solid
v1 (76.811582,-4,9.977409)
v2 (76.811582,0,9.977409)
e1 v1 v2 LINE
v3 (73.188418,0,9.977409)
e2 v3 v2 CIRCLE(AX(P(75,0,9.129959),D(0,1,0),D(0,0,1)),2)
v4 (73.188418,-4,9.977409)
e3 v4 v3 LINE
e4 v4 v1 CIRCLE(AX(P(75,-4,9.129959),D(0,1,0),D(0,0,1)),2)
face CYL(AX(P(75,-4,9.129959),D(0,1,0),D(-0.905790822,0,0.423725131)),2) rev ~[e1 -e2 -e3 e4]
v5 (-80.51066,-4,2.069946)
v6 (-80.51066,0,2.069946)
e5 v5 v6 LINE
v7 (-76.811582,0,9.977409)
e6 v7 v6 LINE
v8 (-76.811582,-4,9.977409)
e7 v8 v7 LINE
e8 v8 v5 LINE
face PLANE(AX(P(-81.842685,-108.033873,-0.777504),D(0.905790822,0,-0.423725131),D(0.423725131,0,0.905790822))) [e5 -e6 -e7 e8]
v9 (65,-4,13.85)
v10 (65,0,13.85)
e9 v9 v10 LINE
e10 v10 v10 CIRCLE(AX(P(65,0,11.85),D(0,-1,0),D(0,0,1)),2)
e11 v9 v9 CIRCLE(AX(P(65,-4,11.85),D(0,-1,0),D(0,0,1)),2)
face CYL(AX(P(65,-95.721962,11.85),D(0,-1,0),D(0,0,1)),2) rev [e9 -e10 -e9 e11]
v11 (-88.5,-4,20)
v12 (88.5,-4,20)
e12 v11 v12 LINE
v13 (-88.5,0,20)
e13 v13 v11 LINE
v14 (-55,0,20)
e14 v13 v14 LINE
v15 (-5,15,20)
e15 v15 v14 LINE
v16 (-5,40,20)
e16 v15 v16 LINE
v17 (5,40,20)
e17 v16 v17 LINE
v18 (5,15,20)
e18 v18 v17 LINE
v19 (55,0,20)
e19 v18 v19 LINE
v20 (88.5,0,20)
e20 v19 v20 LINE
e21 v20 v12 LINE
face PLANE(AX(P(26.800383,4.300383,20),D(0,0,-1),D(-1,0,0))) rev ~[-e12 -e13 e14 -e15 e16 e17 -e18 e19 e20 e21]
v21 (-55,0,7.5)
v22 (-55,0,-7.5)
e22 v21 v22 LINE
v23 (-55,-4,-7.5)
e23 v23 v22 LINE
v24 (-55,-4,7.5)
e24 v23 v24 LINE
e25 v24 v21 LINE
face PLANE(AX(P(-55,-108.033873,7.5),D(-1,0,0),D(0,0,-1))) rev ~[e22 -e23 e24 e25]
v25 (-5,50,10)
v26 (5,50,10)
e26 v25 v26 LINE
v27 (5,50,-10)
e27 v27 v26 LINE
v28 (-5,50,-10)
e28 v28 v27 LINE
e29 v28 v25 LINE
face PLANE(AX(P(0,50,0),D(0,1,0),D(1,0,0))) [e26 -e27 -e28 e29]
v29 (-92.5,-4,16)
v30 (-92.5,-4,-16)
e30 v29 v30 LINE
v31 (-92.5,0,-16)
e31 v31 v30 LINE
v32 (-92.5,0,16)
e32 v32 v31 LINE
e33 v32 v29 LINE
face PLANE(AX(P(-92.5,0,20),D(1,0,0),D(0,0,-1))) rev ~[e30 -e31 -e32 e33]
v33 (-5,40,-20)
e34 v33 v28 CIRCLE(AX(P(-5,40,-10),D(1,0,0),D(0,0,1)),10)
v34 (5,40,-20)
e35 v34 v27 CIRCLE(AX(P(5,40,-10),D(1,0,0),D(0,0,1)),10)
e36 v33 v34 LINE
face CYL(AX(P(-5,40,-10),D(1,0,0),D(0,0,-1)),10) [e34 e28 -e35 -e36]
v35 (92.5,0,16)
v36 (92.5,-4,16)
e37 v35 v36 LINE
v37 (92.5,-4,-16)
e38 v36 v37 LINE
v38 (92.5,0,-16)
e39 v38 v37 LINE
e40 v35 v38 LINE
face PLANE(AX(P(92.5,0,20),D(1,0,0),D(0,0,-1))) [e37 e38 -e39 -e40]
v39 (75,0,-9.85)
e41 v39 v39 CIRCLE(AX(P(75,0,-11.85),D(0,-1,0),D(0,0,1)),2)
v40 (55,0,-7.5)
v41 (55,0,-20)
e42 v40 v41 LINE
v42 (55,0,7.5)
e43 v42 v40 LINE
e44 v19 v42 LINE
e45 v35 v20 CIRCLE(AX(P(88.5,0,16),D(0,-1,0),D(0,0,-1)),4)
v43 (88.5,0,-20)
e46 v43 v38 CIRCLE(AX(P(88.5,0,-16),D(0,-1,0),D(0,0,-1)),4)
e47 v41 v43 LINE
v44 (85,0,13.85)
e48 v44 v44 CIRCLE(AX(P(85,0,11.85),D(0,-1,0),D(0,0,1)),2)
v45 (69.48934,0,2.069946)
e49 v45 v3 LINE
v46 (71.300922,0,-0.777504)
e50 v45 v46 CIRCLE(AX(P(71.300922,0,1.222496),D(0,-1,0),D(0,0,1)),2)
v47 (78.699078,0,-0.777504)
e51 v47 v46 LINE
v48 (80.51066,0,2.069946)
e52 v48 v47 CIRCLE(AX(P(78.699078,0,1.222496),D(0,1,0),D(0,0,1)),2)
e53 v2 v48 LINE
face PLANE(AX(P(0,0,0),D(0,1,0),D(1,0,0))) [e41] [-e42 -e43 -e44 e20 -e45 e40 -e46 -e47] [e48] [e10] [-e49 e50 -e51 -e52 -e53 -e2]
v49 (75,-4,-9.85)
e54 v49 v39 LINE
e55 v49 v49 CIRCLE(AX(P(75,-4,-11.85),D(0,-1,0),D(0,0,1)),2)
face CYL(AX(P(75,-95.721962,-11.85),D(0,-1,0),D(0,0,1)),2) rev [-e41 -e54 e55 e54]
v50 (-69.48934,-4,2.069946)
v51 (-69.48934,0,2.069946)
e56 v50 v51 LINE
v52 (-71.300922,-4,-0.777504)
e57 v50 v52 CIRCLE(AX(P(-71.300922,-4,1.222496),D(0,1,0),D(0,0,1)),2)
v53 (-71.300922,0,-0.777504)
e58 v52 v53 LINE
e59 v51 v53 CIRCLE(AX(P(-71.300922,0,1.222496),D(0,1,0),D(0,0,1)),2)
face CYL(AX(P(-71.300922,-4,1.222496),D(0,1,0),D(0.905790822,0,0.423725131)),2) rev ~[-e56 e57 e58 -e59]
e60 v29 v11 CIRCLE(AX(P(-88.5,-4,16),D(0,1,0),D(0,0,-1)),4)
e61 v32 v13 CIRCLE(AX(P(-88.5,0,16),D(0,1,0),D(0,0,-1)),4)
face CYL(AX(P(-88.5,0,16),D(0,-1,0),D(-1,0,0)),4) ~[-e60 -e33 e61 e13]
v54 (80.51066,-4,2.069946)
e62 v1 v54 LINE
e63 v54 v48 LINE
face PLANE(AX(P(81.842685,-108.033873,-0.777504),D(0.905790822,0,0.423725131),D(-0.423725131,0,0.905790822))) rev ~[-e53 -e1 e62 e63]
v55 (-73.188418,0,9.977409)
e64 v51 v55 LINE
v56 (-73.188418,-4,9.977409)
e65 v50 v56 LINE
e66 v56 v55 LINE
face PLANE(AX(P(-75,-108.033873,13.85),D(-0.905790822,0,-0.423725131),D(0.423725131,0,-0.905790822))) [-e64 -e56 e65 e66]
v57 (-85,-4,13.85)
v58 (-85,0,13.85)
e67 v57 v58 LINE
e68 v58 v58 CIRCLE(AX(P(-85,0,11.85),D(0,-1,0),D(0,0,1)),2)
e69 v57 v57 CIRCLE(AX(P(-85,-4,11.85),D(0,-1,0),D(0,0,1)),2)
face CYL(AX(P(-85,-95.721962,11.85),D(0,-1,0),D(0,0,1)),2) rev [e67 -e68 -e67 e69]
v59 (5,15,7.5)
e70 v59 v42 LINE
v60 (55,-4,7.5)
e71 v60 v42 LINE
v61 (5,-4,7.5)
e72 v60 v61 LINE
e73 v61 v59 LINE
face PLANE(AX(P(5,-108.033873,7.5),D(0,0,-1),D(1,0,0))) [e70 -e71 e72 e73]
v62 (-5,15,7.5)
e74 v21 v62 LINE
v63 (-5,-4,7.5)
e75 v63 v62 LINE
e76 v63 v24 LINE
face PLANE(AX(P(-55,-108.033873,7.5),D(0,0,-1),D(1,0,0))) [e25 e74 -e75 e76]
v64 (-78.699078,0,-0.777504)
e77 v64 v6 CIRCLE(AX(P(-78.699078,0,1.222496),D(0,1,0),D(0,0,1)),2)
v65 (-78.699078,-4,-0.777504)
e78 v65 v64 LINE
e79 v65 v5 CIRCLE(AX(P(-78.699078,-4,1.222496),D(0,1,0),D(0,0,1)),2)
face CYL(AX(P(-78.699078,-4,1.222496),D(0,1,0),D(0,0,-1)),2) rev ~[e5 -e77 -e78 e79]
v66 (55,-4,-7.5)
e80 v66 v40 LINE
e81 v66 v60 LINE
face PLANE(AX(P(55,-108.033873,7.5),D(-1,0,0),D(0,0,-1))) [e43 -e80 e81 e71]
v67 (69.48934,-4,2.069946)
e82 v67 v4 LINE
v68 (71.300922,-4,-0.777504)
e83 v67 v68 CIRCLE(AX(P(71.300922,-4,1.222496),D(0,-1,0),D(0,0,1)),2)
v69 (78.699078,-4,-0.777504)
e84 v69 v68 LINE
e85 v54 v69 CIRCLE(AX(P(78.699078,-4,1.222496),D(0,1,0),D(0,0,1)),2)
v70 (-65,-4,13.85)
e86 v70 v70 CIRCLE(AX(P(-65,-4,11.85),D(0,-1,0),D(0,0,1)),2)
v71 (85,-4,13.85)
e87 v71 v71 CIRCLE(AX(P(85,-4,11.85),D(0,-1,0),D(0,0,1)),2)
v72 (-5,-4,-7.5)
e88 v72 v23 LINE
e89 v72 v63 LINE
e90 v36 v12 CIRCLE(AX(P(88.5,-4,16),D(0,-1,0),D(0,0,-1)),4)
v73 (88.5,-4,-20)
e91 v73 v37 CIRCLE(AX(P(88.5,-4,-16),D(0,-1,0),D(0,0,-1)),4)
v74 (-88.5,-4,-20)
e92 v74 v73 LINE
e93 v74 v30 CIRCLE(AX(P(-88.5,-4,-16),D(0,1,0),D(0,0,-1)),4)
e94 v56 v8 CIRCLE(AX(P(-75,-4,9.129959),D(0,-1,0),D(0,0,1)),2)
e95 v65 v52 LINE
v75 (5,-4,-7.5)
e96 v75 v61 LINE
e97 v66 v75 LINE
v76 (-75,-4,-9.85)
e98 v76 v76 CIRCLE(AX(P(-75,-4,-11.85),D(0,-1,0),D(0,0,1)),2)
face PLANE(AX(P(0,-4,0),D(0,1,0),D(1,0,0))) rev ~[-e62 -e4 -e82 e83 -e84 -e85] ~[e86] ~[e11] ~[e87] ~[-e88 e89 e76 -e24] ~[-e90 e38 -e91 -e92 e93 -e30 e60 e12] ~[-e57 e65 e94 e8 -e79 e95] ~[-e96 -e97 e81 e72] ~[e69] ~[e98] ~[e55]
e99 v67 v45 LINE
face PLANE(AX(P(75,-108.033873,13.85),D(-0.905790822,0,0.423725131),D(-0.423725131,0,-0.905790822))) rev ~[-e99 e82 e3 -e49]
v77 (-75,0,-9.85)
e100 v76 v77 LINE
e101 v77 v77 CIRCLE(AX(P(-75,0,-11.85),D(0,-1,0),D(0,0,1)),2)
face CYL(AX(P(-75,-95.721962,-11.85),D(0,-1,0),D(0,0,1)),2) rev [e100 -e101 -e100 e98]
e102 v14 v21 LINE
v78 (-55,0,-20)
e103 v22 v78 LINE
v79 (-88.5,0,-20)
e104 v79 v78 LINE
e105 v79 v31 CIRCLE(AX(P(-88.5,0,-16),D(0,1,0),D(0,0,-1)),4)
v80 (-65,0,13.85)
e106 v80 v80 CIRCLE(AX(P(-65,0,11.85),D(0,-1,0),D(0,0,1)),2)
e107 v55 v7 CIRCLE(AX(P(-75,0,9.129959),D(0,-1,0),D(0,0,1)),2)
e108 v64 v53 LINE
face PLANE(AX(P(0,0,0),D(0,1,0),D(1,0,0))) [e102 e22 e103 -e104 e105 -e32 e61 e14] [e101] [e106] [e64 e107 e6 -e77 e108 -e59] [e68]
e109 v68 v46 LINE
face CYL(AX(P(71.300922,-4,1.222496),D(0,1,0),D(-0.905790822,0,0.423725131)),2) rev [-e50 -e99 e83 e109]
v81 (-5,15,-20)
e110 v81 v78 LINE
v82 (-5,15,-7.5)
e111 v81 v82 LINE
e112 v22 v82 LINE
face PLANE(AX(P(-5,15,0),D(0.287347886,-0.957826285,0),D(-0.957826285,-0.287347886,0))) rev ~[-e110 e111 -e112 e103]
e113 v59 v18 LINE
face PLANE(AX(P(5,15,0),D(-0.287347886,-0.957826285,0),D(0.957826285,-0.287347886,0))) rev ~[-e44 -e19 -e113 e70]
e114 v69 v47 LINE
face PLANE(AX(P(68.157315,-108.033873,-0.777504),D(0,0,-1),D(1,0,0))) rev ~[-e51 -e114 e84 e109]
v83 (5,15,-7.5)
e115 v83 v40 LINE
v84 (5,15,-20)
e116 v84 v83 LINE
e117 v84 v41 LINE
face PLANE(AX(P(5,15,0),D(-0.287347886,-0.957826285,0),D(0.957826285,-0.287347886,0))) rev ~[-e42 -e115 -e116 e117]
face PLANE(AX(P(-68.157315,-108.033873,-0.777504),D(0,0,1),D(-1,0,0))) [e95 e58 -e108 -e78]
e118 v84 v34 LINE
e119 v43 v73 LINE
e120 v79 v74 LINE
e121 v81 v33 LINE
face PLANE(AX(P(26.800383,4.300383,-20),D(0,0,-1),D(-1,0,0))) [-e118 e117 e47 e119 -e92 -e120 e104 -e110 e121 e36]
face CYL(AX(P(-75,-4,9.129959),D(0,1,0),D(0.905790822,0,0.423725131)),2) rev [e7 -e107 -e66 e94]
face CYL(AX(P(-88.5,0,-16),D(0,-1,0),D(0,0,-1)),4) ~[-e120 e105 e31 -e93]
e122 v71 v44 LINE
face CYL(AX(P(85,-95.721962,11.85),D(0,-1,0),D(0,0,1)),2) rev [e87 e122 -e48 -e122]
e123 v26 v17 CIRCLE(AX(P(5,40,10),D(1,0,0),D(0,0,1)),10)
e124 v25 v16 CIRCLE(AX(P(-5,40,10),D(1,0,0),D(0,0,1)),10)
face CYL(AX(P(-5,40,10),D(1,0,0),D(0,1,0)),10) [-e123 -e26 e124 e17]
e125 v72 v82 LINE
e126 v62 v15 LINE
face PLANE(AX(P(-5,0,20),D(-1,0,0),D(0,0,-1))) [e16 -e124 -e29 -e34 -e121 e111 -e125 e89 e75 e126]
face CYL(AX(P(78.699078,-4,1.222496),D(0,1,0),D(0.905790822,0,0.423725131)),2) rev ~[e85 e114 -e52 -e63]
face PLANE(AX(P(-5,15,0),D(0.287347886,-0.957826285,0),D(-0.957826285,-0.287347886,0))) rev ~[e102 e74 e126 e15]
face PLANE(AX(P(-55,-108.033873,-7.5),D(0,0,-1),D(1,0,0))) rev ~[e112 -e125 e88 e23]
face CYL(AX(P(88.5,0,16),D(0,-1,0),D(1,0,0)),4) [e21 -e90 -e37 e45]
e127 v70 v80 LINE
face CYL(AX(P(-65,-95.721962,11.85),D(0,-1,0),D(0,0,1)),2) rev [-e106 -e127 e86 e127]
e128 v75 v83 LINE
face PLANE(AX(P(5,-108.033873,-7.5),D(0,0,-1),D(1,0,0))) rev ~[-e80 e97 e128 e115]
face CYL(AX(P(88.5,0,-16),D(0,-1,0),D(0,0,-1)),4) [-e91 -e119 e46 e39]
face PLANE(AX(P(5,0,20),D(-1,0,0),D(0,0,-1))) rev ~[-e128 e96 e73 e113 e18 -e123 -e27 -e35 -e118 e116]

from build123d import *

# Parameters (mm, degrees)
SKETCH_1_W               = 185
SKETCH_1_H               = 40
EXTRUDE_1_DEPTH          = 4
CUT_EXTRUDE_1_DEPTH      = 95.721961551
CUT_EXTRUDE_1_DEPTH_BACK = 95.721961551
SKETCH_2_R               = 2
SKETCH_3_W               = 10
SKETCH_3_H               = 40
EXTRUDE_2_DEPTH          = 50
EXTRUDE_3_DEPTH          = 20
CUT_EXTRUDE_2_DEPTH      = 108.033873143
CUT_EXTRUDE_2_DEPTH_BACK = 108.033873143
SKETCH_5_W               = 50
SKETCH_5_H               = 15
FILLET_1_R               = 10
FILLET_2_R               = 4
FILLET_3_R               = 2


with BuildPart() as part:
    # 草图1 → 凸台-拉伸1 (new body)
    with BuildSketch(Plane(origin=(0, 0, 0), x_dir=(1, 0, 0), z_dir=(0, 1, 0))):
        Rectangle(SKETCH_1_W, SKETCH_1_H)
    extrude(amount=-EXTRUDE_1_DEPTH)

    # 草图2 → 切除-拉伸1 (cut, two sides: drawn at the far end of the back side and taken through both)
    with BuildSketch(Plane(origin=(0, 0, 0), x_dir=(1, 0, 0), z_dir=(0, 1, 0)).offset(-CUT_EXTRUDE_1_DEPTH_BACK)):
        with Locations(Location((-75, 11.85, 0), (0, 0, 270))):
            Circle(SKETCH_2_R)
        with Locations(Location((-65, -11.85, 0), (0, 0, 270))):
            Circle(SKETCH_2_R)
        with Locations(Location((-85, -11.85, 0), (0, 0, 270))):
            Circle(SKETCH_2_R)
        with Locations(Location((65, -11.85, 0), (0, 0, 270))):
            Circle(SKETCH_2_R)
        with Locations(Location((85, -11.85, 0), (0, 0, 270))):
            Circle(SKETCH_2_R)
        with Locations(Location((75, 11.85, 0), (0, 0, 270))):
            Circle(SKETCH_2_R)
    extrude(amount=CUT_EXTRUDE_1_DEPTH + CUT_EXTRUDE_1_DEPTH_BACK, mode=Mode.SUBTRACT)

    # 草图3 → 凸台-拉伸2 (add)
    with BuildSketch(Plane(origin=(0, 0, 0), x_dir=(1, 0, 0), z_dir=(0, 1, 0))):
        Rectangle(SKETCH_3_W, SKETCH_3_H)
    extrude(amount=EXTRUDE_2_DEPTH)

    # 草图4 → 凸台-拉伸3 (add, symmetric)
    with BuildSketch(Plane.XY):
        Polygon((-5, 0), (-5, 15), (-55, 0), align=None)
        Polygon((5, 15), (55, 0), (5, 0), align=None)
    extrude(amount=EXTRUDE_3_DEPTH, both=True)

    # 草图5 → 切除-拉伸2 (cut, two sides: drawn at the far end of the back side and taken through both)
    with BuildSketch(Plane(origin=(0, 0, 0), x_dir=(1, 0, 0), z_dir=(0, 1, 0)).offset(-CUT_EXTRUDE_2_DEPTH_BACK)):
        with Locations((-30, 0)):
            Rectangle(SKETCH_5_W, SKETCH_5_H)
        Polygon((-81.842684811, 0.77750414), (-75, -13.85), (-68.157315189, 0.77750414), align=None)
        Polygon((75, -13.85), (68.157315189, 0.77750414), (81.842684811, 0.77750414), align=None)
        with Locations((30, 0)):
            Rectangle(SKETCH_5_W, SKETCH_5_H)
    extrude(amount=CUT_EXTRUDE_2_DEPTH + CUT_EXTRUDE_2_DEPTH_BACK, mode=Mode.SUBTRACT)

    # 圆角1
    fillet_1_edges = [part.edges().sort_by_distance(p)[0] for p in [
        (0, 50, -20),
        (0, 50, 20),
    ]]
    fillet(fillet_1_edges, radius=FILLET_1_R)

    # 圆角2
    fillet_2_edges = [part.edges().sort_by_distance(p)[0] for p in [
        (92.5, -2, 20),
        (-92.5, -2, 20),
        (-92.5, -2, -20),
        (92.5, -2, -20),
    ]]
    fillet(fillet_2_edges, radius=FILLET_2_R)

    # 圆角3
    fillet_3_edges = [part.edges().sort_by_distance(p)[0] for p in [
        (-81.842684811, -2, -0.77750414),
        (-68.157315189, -2, -0.77750414),
        (-75, -2, 13.85),
        (81.842684811, -2, -0.77750414),
        (75, -2, 13.85),
        (68.157315189, -2, -0.77750414),
    ]]
    fillet(fillet_3_edges, radius=FILLET_3_R)


solid = part.part
